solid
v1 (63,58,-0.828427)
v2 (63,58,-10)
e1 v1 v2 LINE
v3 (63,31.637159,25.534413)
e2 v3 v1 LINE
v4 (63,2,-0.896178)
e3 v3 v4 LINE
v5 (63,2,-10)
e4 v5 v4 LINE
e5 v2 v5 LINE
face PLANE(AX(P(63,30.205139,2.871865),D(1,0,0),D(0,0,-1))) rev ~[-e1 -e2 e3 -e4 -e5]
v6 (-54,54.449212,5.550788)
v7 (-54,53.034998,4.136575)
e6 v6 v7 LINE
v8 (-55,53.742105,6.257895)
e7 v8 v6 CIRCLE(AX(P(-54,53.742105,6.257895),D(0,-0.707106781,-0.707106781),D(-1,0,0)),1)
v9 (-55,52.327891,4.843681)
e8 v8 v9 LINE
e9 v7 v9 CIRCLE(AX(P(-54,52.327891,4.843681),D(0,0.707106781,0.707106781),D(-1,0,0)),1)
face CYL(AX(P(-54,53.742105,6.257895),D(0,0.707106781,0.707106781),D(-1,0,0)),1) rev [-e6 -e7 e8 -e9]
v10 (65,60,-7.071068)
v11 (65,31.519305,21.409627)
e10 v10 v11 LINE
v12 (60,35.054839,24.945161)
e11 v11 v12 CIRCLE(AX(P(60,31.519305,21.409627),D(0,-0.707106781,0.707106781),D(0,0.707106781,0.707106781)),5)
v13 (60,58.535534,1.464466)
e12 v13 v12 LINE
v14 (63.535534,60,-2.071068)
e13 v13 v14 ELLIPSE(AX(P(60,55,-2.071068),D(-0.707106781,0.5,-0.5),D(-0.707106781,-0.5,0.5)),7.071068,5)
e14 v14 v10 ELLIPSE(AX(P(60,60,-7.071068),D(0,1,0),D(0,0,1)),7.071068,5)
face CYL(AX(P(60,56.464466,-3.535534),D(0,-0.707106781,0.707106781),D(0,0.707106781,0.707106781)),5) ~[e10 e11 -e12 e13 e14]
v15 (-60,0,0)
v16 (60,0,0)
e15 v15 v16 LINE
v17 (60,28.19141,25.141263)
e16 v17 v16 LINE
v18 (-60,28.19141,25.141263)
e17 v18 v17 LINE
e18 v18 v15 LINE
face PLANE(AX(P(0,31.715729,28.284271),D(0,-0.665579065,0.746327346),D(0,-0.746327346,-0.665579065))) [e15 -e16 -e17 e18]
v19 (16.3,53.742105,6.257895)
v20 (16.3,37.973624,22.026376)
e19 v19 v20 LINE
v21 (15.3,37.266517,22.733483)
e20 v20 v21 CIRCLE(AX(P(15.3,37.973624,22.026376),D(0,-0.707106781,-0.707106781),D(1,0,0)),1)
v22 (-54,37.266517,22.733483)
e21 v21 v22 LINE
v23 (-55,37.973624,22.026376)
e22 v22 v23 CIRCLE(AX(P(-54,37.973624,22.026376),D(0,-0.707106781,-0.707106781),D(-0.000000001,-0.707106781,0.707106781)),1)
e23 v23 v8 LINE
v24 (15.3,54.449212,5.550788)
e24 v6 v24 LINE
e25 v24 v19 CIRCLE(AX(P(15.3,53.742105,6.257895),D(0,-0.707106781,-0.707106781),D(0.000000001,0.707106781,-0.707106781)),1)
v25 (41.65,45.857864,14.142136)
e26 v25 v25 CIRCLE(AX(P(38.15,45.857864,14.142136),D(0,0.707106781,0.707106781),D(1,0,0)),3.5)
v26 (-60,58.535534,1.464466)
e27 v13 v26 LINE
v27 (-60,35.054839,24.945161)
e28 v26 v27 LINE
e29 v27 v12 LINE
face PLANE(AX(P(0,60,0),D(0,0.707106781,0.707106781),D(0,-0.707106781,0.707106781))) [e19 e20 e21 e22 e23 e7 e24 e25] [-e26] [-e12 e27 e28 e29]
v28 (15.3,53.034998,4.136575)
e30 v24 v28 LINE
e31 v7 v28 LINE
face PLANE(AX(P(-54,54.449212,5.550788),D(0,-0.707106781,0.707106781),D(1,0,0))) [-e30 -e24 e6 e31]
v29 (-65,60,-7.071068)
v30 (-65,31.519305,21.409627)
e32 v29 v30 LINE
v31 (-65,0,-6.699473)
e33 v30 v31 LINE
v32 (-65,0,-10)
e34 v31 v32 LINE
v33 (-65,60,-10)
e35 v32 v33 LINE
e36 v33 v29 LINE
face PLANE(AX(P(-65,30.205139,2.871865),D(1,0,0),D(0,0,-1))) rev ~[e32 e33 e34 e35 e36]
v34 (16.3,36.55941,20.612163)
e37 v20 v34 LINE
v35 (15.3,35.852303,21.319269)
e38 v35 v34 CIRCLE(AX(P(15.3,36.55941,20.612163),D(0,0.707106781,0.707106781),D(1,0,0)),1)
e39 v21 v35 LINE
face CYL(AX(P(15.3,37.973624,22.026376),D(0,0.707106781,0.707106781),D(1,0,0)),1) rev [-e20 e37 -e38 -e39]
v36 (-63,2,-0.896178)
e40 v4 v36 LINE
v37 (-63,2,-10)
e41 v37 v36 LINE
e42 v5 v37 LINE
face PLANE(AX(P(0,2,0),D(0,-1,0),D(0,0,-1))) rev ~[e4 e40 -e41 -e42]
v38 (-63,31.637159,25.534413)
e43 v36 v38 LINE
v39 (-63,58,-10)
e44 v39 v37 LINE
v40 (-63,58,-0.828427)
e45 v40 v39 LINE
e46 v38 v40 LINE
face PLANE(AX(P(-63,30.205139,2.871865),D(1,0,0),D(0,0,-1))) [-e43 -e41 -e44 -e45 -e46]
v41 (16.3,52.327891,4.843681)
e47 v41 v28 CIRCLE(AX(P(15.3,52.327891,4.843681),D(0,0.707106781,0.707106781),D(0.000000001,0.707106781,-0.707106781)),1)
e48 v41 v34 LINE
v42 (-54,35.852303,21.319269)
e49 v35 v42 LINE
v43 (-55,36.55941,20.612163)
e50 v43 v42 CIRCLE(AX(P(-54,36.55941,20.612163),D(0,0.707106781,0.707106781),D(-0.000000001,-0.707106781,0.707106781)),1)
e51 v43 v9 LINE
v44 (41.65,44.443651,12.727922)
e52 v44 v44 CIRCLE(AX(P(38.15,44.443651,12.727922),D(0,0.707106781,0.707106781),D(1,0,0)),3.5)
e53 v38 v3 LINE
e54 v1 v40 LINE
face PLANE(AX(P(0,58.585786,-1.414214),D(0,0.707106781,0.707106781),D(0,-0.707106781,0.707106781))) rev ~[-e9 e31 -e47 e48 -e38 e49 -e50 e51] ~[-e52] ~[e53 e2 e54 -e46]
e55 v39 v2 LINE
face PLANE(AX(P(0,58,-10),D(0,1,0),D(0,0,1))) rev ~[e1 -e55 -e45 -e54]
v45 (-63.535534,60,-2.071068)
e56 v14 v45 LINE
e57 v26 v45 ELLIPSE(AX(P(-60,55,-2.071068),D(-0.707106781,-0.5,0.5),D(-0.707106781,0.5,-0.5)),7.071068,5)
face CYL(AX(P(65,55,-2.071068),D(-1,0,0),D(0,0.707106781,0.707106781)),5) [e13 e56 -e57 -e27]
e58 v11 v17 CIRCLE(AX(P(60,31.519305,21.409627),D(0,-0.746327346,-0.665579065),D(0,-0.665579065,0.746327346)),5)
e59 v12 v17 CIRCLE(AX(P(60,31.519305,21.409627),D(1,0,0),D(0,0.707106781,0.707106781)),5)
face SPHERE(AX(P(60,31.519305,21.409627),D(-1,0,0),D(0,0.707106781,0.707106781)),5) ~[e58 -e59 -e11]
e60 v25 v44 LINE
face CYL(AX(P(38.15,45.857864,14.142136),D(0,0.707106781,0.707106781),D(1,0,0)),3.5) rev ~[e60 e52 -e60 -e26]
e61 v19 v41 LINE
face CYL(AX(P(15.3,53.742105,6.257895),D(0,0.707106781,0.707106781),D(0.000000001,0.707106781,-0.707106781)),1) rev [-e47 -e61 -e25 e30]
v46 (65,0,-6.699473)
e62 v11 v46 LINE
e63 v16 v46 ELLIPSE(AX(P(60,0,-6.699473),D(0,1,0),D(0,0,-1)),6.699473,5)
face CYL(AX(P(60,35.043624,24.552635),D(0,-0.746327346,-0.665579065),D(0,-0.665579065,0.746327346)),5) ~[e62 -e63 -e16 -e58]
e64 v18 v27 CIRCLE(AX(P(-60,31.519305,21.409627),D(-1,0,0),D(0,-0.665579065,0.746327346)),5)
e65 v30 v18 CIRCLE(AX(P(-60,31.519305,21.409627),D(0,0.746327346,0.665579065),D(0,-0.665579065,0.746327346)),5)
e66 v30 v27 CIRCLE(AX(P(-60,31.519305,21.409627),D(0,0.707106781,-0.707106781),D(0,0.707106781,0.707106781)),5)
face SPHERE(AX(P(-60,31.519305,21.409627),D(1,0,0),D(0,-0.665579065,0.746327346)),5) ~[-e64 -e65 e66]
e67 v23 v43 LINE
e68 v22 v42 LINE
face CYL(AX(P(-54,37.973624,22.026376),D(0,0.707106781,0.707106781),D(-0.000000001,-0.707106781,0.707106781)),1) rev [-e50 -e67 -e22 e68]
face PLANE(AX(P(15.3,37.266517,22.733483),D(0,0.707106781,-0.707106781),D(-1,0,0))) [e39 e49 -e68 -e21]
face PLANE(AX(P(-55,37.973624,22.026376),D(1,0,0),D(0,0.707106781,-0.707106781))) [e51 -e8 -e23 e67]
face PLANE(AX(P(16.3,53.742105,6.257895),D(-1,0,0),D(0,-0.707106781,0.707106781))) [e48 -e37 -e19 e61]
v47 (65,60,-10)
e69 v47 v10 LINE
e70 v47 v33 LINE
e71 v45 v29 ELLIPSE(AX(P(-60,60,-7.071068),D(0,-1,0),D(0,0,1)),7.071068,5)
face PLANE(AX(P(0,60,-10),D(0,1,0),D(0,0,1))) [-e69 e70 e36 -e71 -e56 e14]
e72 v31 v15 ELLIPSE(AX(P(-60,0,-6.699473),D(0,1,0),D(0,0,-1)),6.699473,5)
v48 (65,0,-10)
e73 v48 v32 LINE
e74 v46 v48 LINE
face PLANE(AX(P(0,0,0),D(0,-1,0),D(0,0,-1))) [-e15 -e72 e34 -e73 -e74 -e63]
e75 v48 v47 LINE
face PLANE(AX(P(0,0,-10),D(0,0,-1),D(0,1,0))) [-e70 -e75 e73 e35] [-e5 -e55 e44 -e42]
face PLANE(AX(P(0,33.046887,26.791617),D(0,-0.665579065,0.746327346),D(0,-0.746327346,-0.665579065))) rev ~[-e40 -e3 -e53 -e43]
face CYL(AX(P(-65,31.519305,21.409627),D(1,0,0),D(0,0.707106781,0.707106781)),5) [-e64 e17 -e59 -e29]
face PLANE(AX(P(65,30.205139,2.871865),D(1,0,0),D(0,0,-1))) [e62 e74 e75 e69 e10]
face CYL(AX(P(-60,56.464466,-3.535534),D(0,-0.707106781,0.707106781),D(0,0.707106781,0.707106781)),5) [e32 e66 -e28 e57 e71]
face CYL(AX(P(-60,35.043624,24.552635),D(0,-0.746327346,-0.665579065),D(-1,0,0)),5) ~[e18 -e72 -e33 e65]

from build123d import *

# Parameters (mm, degrees)
BOSS_EXTRUDE1_DEPTH = 65
SHELL1_T            = -2
CUT_EXTRUDE1_DEPTH  = 100
FILLET1_R           = 5
SKETCH3_R           = 3.5
CUT_EXTRUDE2_DEPTH  = 100


with BuildPart() as part:
    # Sketch1 → Boss-Extrude1 (new body, symmetric)
    with BuildSketch(Plane(origin=(0, 0, 0), x_dir=(0, 0, -1), z_dir=(1, 0, 0))):
        Polygon((0, 60), (-28.284271247, 31.715728753), (0, 0), (10, 0), (10, 60), align=None)
    extrude(amount=BOSS_EXTRUDE1_DEPTH, both=True)

    # Shell1
    shell1_openings = [part.faces().sort_by_distance(p)[0] for p in [
        (0, 30, -10),
    ]]
    offset(amount=SHELL1_T, openings=shell1_openings, kind=Kind.INTERSECTION)

    # Sketch2 → Cut-Extrude1 (cut)
    with BuildSketch(Plane(origin=(0, 30, 30), x_dir=(1, 0, 0), z_dir=(0, 0.707106781, 0.707106781))):
        with BuildLine():
            Line((15.3, 10.276406871), (-54, 10.276406871))
            ThreePointArc((-54, 10.276406871), (-54.707106781, 10.56930009), (-55, 11.276406871))
            Line((-55, 11.276406871), (-55, 33.576406871))
            ThreePointArc((-55, 33.576406871), (-54.707106781, 34.283513652), (-54, 34.576406871))
            Line((-54, 34.576406871), (15.3, 34.576406871))
            ThreePointArc((15.3, 34.576406871), (16.007106781, 34.283513652), (16.3, 33.576406871))
            Line((16.3, 33.576406871), (16.3, 11.276406871))
            ThreePointArc((16.3, 11.276406871), (16.007106781, 10.56930009), (15.3, 10.276406871))
        make_face()
    extrude(amount=-CUT_EXTRUDE1_DEPTH, mode=Mode.SUBTRACT)

    # Fillet1
    fillet1_edges = [part.edges().sort_by_distance(p)[0] for p in [
        (65, 45.857864376, 14.142135624),
        (65, 15.857864376, 14.142135624),
        (-65, 15.857864376, 14.142135624),
        (-65, 45.857864376, 14.142135624),
        (0, 31.715728753, 28.284271247),
        (0, 60, 0),
    ]]
    fillet(fillet1_edges, radius=FILLET1_R)

    # Sketch3 → Cut-Extrude2 (cut)
    with BuildSketch(Plane(origin=(0, 30, 30), x_dir=(1, 0, 0), z_dir=(0, 0.707106781, 0.707106781))):
        with Locations((38.15, 22.426406871)):
            Circle(SKETCH3_R)
    extrude(amount=-CUT_EXTRUDE2_DEPTH, mode=Mode.SUBTRACT)


solid = part.part
